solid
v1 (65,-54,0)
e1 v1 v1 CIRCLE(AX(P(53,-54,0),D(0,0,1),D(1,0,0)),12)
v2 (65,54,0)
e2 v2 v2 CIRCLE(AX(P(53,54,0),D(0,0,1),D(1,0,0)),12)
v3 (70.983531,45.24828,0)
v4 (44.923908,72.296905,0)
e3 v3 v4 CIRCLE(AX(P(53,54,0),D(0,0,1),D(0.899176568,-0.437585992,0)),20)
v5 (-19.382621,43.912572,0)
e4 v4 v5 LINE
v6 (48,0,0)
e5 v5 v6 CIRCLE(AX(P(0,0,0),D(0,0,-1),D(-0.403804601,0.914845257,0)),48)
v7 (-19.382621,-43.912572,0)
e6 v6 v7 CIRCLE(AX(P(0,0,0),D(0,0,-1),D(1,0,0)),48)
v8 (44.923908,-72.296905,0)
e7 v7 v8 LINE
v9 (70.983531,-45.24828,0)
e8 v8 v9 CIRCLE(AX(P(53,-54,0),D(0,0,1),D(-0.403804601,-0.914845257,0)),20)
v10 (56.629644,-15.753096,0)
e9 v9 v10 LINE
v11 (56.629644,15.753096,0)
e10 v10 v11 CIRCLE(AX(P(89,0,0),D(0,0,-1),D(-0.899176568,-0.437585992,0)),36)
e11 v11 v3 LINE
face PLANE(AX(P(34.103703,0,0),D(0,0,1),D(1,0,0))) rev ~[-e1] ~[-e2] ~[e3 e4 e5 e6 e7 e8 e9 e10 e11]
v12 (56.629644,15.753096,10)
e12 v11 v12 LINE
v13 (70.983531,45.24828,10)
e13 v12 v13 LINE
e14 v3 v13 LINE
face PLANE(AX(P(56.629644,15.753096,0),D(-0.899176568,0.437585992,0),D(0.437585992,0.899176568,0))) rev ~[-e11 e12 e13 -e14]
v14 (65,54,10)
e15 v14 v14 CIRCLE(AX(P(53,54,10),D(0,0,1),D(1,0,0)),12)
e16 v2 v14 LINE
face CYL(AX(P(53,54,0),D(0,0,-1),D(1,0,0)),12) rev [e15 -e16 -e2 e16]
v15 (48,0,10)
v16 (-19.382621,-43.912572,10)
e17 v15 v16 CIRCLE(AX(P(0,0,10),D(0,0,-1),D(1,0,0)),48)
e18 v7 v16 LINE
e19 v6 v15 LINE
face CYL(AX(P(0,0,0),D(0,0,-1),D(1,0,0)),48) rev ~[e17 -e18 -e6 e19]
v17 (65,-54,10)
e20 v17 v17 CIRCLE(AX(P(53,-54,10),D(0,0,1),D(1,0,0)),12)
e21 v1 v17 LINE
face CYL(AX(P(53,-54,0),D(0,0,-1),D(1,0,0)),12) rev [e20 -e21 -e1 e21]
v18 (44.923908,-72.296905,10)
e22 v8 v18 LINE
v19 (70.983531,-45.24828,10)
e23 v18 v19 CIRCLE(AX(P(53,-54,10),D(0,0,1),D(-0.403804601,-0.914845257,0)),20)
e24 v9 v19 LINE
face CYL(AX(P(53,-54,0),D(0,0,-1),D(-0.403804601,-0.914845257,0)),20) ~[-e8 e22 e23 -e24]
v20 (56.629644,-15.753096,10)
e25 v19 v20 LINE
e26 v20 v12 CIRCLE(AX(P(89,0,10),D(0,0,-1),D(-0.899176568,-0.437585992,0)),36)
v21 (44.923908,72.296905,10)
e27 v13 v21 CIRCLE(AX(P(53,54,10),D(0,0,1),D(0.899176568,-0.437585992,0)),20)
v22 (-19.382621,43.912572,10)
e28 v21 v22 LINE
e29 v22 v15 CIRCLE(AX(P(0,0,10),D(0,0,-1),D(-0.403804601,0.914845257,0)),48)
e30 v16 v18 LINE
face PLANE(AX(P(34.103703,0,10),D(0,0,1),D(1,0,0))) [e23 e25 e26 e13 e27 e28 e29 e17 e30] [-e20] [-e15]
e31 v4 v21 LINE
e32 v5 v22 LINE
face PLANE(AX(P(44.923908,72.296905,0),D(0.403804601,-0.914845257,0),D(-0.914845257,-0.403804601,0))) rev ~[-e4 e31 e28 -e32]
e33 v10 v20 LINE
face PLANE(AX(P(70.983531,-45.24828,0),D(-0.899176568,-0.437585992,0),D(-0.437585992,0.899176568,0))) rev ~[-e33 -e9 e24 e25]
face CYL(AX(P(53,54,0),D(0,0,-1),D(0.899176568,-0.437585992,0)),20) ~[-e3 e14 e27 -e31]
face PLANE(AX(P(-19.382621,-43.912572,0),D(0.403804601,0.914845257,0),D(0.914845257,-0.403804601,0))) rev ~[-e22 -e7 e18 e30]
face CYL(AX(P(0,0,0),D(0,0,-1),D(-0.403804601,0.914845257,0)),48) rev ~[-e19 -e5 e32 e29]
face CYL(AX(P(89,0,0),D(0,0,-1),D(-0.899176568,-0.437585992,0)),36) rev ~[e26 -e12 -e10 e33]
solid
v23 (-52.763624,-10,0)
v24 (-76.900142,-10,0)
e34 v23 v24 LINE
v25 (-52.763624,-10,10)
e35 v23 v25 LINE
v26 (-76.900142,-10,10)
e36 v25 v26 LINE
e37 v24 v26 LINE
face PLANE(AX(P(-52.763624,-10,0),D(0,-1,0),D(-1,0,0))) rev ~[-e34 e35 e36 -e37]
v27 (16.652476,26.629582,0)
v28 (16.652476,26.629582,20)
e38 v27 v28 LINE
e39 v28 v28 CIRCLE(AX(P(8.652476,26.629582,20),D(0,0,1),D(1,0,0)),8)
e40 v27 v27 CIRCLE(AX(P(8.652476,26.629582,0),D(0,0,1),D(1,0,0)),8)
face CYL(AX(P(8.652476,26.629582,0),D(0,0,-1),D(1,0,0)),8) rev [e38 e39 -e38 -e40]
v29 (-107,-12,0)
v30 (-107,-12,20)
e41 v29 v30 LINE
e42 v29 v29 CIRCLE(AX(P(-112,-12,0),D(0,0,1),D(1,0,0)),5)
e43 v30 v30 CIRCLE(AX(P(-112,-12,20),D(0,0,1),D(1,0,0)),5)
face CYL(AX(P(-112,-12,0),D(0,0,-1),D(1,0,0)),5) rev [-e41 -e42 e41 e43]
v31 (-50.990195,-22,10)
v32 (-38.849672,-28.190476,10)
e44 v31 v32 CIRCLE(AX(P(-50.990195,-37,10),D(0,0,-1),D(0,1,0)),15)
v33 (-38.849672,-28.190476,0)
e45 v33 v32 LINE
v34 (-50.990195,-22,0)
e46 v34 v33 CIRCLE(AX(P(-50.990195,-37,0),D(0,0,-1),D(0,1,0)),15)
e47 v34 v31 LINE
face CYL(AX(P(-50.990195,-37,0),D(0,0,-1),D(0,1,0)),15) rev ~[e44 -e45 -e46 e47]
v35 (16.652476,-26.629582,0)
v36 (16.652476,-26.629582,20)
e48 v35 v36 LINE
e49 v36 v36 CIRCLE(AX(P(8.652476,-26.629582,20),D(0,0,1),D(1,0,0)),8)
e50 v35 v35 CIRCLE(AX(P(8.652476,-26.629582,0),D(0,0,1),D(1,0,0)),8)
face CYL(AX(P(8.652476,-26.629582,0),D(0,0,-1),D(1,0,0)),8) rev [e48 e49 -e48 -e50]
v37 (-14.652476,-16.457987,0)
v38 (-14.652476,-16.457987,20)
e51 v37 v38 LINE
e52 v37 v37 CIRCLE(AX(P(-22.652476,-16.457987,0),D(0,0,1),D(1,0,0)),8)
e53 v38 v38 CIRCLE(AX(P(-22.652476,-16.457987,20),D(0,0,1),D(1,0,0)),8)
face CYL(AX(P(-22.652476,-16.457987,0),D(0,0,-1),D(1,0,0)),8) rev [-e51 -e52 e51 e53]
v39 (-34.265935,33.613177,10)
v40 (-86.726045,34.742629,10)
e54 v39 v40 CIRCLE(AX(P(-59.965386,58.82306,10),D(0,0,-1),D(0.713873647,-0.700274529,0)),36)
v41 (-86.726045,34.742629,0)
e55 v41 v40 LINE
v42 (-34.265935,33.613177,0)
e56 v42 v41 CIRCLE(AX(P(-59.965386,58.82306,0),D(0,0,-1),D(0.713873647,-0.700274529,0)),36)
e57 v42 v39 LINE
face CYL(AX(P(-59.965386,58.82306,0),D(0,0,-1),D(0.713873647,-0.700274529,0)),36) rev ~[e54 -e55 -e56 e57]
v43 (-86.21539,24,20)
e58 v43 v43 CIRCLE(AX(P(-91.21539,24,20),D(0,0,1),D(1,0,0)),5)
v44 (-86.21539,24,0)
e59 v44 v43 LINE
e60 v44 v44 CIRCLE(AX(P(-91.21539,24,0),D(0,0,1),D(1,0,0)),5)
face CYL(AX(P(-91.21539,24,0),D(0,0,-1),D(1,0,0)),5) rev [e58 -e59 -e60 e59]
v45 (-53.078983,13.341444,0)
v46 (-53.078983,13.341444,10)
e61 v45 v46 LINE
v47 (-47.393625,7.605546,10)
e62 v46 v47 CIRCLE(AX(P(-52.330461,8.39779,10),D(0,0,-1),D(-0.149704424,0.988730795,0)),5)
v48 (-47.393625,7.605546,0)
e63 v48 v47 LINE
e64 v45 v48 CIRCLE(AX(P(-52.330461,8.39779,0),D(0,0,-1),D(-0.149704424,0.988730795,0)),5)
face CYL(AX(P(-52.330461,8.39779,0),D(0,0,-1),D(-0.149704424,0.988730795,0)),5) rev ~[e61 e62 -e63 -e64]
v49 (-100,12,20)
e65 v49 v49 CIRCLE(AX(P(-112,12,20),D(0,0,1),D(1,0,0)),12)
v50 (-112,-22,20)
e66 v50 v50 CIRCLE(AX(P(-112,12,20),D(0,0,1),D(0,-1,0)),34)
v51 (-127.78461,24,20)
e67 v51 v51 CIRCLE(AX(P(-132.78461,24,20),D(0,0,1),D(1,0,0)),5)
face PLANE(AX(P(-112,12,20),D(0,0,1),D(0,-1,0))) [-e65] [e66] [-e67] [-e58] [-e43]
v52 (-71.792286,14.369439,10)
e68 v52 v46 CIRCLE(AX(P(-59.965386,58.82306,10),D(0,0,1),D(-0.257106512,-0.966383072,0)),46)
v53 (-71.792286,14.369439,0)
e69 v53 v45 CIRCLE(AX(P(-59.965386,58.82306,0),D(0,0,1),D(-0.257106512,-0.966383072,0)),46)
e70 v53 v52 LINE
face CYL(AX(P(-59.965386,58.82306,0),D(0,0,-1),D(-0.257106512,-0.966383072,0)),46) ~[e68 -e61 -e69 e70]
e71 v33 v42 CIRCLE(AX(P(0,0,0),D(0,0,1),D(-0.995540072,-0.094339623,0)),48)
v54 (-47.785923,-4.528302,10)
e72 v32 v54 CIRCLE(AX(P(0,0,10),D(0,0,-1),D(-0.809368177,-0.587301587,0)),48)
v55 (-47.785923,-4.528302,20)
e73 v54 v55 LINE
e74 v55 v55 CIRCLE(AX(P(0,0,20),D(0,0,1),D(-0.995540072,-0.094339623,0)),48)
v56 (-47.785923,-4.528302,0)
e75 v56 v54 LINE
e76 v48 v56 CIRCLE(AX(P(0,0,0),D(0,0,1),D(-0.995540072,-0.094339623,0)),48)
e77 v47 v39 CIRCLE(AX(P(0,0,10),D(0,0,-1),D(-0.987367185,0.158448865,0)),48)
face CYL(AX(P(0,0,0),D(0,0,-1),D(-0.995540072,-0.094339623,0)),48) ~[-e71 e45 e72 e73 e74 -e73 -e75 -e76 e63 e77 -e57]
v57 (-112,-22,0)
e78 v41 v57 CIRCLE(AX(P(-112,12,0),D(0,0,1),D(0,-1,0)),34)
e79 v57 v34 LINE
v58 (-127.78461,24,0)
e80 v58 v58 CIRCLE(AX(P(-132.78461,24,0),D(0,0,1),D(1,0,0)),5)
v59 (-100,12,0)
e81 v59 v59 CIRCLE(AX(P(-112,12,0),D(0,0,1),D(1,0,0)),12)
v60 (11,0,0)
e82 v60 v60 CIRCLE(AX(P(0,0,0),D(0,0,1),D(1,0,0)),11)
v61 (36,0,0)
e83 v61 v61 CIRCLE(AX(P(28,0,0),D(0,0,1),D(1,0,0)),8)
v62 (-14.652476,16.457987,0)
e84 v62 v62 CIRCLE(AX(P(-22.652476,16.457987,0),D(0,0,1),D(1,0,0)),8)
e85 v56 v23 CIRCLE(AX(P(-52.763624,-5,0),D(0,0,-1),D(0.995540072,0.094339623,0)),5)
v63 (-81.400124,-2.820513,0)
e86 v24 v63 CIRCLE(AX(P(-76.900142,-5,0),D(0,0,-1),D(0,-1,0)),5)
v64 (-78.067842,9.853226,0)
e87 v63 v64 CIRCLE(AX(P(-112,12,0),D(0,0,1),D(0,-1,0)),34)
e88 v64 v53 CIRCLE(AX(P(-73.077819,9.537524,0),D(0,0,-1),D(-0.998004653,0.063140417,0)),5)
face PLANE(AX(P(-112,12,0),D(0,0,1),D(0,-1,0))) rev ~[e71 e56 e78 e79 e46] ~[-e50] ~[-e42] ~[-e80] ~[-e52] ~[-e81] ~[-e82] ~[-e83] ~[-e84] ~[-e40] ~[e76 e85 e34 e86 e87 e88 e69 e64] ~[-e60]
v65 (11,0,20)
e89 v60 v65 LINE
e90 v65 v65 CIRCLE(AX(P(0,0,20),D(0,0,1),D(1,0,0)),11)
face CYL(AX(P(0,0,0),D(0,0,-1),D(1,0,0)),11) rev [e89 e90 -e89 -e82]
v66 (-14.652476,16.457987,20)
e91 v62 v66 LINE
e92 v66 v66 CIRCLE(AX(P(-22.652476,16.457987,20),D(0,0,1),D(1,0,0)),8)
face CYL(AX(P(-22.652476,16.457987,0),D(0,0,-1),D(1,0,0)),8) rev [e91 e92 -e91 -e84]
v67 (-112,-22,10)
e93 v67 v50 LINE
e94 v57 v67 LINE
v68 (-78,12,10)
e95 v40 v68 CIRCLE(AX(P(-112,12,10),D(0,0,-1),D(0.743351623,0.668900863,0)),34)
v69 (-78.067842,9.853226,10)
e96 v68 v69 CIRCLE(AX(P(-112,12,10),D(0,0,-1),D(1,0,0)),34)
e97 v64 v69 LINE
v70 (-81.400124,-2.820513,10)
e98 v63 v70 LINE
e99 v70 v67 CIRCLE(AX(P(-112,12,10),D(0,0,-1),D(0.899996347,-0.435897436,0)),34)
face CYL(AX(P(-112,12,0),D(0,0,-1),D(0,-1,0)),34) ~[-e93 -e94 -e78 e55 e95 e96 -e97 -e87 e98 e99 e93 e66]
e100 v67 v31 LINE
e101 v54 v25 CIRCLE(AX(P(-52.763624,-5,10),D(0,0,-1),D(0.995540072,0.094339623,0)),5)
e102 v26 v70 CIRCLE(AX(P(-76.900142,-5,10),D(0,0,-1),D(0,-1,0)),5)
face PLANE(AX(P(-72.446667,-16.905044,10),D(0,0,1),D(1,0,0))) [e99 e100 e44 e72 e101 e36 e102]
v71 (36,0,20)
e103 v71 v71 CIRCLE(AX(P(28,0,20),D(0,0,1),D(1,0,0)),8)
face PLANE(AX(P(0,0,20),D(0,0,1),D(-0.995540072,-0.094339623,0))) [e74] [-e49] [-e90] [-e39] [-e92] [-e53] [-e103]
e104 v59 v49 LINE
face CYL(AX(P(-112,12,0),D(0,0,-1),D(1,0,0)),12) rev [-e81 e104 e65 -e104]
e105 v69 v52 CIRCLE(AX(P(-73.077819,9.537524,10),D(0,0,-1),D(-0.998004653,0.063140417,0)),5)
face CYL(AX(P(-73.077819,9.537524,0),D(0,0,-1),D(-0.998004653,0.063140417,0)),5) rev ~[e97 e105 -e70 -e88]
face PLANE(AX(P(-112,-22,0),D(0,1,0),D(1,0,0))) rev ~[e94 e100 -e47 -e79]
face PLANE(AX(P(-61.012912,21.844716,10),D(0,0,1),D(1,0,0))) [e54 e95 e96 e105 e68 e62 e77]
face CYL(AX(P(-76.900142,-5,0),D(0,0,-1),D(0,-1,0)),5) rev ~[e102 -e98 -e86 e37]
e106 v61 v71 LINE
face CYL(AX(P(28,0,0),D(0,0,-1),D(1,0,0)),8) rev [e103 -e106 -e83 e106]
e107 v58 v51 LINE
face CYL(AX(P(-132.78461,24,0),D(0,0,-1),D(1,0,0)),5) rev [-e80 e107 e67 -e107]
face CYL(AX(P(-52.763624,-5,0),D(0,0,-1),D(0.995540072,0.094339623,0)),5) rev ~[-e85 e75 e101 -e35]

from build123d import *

# Parameters (mm, degrees)
EXTRUDE_1_DEPTH   = 10
EXTRUDE_1_2_DEPTH = 10
SKETCH_1_R        = 12
EXTRUDE_1_3_DEPTH = 10
SKETCH_1_3_R      = 34
SKETCH_1_3_R_2    = 5
SKETCH_1_3_R_3    = 12
SKETCH_1_3_R_4    = 48
SKETCH_1_3_R_5    = 11
SKETCH_1_3_R_6    = 8
EXTRUDE_2_DEPTH   = 20


with BuildPart() as part:
    # Эскиз1 → Бобышка-Вытянуть1 (new body)
    with BuildSketch(Plane.XY):
        with BuildLine():
            ThreePointArc((-34.265935077, 33.613177376), (-60.740277071, 22.831401034), (-86.726044816, 34.742629341))
            ThreePointArc((-86.726044816, 34.742629341), (-80.256382718, 24.179604339), (-78, 12))
            ThreePointArc((-78, 12), (-78.01696468, 10.926077072), (-78.067841791, 9.853225836))
            ThreePointArc((-78.067841791, 9.853225836), (-75.998410662, 13.595865972), (-71.792285963, 14.369439111))
            ThreePointArc((-71.792285963, 14.369439111), (-62.488542937, 12.892311655), (-53.0789829, 13.341443824))
            ThreePointArc((-53.0789829, 13.341443824), (-48.779316535, 11.917644182), (-47.393624859, 7.605545522))
            ThreePointArc((-47.393624859, 7.605545522), (-42.850556133, 21.62937445), (-34.265935077, 33.613177376))
        make_face()
    extrude(amount=EXTRUDE_1_DEPTH)



with BuildPart() as body_2:
    # Эскиз1 → Extrude 1 2 (new body)
    with BuildSketch(Plane.XY):
        with BuildLine():
            ThreePointArc((-81.400124188, -2.820512821), (-93.943109846, -16.808830555), (-112, -22))
            Line((-112, -22), (-50.990195136, -22))
            ThreePointArc((-50.990195136, -22), (-44.176343697, -23.636937904), (-38.849672485, -28.19047619))
            ThreePointArc((-38.849672485, -28.19047619), (-44.904412309, -16.958589421), (-47.785923471, -4.528301887))
            ThreePointArc((-47.785923471, -4.528301887), (-49.065077459, -8.364632925), (-52.763623833, -10))
            Line((-52.763623833, -10), (-76.90014245, -10))
            ThreePointArc((-76.90014245, -10), (-81.136735179, -7.655425023), (-81.400124188, -2.820512821))
        make_face()
    extrude(amount=EXTRUDE_1_2_DEPTH)


with BuildPart() as body_3:
    # Эскиз1 → Extrude 1 3 (new body)
    with BuildSketch(Plane.XY):
        with BuildLine():
            ThreePointArc((48, 0), (26.207195563, -40.21421267), (-19.382620863, -43.912572328))
            Line((-19.382620863, -43.912572328), (44.923907974, -72.296905137))
            ThreePointArc((44.923907974, -72.296905137), (67.402998534, -67.876369598), (70.983531351, -45.24828016))
            Line((70.983531351, -45.24828016), (56.629643569, -15.753095713))
            ThreePointArc((56.629643569, -15.753095713), (53, 0), (56.629643569, 15.753095713))
            Line((56.629643569, 15.753095713), (70.983531351, 45.24828016))
            ThreePointArc((70.983531351, 45.24828016), (67.402998534, 67.876369598), (44.923907974, 72.296905137))
            Line((44.923907974, 72.296905137), (-19.382620863, 43.912572328))
            ThreePointArc((-19.382620863, 43.912572328), (26.207195563, 40.21421267), (48, 0))
        make_face()
        with Locations((53, -54)):
            Circle(SKETCH_1_R, mode=Mode.SUBTRACT)
        with Locations((53, 54)):
            Circle(SKETCH_1_R, mode=Mode.SUBTRACT)
    extrude(amount=EXTRUDE_1_3_DEPTH)


with BuildPart() as part_1:
    add(part.part)

    add(body_2.part)  # Бобышка-Вытянуть2 merges body 2
    # Эскиз1<3> → Бобышка-Вытянуть2 (add)
    # profile 1 of 2: a face of its own
    with BuildSketch(Plane.XY):
        with Locations(Location((-112, 12, 0), (0, 0, 270))):
            Circle(SKETCH_1_3_R)
        with Locations((-112, -12)):
            Circle(SKETCH_1_3_R_2, mode=Mode.SUBTRACT)
        with Locations((-91.215390309, 24)):
            Circle(SKETCH_1_3_R_2, mode=Mode.SUBTRACT)
        with Locations((-132.784609691, 24)):
            Circle(SKETCH_1_3_R_2, mode=Mode.SUBTRACT)
        with Locations((-112, 12)):
            Circle(SKETCH_1_3_R_3, mode=Mode.SUBTRACT)
    # profile 2 of 2: a face of its own
    with BuildSketch(Plane.XY):
        with Locations(Location((0, 0, 0), (0, 0, 185.413312274))):
            Circle(SKETCH_1_3_R_4)
        Circle(SKETCH_1_3_R_5, mode=Mode.SUBTRACT)
        with Locations((-22.652475842, -16.457987064)):
            Circle(SKETCH_1_3_R_6, mode=Mode.SUBTRACT)
        with Locations((8.652475842, -26.629582456)):
            Circle(SKETCH_1_3_R_6, mode=Mode.SUBTRACT)
        with Locations((28, 0)):
            Circle(SKETCH_1_3_R_6, mode=Mode.SUBTRACT)
        with Locations((8.652475842, 26.629582456)):
            Circle(SKETCH_1_3_R_6, mode=Mode.SUBTRACT)
        with Locations((-22.652475842, 16.457987064)):
            Circle(SKETCH_1_3_R_6, mode=Mode.SUBTRACT)
    extrude(amount=EXTRUDE_2_DEPTH)


solid = Compound([body_3.part, part_1.part])
